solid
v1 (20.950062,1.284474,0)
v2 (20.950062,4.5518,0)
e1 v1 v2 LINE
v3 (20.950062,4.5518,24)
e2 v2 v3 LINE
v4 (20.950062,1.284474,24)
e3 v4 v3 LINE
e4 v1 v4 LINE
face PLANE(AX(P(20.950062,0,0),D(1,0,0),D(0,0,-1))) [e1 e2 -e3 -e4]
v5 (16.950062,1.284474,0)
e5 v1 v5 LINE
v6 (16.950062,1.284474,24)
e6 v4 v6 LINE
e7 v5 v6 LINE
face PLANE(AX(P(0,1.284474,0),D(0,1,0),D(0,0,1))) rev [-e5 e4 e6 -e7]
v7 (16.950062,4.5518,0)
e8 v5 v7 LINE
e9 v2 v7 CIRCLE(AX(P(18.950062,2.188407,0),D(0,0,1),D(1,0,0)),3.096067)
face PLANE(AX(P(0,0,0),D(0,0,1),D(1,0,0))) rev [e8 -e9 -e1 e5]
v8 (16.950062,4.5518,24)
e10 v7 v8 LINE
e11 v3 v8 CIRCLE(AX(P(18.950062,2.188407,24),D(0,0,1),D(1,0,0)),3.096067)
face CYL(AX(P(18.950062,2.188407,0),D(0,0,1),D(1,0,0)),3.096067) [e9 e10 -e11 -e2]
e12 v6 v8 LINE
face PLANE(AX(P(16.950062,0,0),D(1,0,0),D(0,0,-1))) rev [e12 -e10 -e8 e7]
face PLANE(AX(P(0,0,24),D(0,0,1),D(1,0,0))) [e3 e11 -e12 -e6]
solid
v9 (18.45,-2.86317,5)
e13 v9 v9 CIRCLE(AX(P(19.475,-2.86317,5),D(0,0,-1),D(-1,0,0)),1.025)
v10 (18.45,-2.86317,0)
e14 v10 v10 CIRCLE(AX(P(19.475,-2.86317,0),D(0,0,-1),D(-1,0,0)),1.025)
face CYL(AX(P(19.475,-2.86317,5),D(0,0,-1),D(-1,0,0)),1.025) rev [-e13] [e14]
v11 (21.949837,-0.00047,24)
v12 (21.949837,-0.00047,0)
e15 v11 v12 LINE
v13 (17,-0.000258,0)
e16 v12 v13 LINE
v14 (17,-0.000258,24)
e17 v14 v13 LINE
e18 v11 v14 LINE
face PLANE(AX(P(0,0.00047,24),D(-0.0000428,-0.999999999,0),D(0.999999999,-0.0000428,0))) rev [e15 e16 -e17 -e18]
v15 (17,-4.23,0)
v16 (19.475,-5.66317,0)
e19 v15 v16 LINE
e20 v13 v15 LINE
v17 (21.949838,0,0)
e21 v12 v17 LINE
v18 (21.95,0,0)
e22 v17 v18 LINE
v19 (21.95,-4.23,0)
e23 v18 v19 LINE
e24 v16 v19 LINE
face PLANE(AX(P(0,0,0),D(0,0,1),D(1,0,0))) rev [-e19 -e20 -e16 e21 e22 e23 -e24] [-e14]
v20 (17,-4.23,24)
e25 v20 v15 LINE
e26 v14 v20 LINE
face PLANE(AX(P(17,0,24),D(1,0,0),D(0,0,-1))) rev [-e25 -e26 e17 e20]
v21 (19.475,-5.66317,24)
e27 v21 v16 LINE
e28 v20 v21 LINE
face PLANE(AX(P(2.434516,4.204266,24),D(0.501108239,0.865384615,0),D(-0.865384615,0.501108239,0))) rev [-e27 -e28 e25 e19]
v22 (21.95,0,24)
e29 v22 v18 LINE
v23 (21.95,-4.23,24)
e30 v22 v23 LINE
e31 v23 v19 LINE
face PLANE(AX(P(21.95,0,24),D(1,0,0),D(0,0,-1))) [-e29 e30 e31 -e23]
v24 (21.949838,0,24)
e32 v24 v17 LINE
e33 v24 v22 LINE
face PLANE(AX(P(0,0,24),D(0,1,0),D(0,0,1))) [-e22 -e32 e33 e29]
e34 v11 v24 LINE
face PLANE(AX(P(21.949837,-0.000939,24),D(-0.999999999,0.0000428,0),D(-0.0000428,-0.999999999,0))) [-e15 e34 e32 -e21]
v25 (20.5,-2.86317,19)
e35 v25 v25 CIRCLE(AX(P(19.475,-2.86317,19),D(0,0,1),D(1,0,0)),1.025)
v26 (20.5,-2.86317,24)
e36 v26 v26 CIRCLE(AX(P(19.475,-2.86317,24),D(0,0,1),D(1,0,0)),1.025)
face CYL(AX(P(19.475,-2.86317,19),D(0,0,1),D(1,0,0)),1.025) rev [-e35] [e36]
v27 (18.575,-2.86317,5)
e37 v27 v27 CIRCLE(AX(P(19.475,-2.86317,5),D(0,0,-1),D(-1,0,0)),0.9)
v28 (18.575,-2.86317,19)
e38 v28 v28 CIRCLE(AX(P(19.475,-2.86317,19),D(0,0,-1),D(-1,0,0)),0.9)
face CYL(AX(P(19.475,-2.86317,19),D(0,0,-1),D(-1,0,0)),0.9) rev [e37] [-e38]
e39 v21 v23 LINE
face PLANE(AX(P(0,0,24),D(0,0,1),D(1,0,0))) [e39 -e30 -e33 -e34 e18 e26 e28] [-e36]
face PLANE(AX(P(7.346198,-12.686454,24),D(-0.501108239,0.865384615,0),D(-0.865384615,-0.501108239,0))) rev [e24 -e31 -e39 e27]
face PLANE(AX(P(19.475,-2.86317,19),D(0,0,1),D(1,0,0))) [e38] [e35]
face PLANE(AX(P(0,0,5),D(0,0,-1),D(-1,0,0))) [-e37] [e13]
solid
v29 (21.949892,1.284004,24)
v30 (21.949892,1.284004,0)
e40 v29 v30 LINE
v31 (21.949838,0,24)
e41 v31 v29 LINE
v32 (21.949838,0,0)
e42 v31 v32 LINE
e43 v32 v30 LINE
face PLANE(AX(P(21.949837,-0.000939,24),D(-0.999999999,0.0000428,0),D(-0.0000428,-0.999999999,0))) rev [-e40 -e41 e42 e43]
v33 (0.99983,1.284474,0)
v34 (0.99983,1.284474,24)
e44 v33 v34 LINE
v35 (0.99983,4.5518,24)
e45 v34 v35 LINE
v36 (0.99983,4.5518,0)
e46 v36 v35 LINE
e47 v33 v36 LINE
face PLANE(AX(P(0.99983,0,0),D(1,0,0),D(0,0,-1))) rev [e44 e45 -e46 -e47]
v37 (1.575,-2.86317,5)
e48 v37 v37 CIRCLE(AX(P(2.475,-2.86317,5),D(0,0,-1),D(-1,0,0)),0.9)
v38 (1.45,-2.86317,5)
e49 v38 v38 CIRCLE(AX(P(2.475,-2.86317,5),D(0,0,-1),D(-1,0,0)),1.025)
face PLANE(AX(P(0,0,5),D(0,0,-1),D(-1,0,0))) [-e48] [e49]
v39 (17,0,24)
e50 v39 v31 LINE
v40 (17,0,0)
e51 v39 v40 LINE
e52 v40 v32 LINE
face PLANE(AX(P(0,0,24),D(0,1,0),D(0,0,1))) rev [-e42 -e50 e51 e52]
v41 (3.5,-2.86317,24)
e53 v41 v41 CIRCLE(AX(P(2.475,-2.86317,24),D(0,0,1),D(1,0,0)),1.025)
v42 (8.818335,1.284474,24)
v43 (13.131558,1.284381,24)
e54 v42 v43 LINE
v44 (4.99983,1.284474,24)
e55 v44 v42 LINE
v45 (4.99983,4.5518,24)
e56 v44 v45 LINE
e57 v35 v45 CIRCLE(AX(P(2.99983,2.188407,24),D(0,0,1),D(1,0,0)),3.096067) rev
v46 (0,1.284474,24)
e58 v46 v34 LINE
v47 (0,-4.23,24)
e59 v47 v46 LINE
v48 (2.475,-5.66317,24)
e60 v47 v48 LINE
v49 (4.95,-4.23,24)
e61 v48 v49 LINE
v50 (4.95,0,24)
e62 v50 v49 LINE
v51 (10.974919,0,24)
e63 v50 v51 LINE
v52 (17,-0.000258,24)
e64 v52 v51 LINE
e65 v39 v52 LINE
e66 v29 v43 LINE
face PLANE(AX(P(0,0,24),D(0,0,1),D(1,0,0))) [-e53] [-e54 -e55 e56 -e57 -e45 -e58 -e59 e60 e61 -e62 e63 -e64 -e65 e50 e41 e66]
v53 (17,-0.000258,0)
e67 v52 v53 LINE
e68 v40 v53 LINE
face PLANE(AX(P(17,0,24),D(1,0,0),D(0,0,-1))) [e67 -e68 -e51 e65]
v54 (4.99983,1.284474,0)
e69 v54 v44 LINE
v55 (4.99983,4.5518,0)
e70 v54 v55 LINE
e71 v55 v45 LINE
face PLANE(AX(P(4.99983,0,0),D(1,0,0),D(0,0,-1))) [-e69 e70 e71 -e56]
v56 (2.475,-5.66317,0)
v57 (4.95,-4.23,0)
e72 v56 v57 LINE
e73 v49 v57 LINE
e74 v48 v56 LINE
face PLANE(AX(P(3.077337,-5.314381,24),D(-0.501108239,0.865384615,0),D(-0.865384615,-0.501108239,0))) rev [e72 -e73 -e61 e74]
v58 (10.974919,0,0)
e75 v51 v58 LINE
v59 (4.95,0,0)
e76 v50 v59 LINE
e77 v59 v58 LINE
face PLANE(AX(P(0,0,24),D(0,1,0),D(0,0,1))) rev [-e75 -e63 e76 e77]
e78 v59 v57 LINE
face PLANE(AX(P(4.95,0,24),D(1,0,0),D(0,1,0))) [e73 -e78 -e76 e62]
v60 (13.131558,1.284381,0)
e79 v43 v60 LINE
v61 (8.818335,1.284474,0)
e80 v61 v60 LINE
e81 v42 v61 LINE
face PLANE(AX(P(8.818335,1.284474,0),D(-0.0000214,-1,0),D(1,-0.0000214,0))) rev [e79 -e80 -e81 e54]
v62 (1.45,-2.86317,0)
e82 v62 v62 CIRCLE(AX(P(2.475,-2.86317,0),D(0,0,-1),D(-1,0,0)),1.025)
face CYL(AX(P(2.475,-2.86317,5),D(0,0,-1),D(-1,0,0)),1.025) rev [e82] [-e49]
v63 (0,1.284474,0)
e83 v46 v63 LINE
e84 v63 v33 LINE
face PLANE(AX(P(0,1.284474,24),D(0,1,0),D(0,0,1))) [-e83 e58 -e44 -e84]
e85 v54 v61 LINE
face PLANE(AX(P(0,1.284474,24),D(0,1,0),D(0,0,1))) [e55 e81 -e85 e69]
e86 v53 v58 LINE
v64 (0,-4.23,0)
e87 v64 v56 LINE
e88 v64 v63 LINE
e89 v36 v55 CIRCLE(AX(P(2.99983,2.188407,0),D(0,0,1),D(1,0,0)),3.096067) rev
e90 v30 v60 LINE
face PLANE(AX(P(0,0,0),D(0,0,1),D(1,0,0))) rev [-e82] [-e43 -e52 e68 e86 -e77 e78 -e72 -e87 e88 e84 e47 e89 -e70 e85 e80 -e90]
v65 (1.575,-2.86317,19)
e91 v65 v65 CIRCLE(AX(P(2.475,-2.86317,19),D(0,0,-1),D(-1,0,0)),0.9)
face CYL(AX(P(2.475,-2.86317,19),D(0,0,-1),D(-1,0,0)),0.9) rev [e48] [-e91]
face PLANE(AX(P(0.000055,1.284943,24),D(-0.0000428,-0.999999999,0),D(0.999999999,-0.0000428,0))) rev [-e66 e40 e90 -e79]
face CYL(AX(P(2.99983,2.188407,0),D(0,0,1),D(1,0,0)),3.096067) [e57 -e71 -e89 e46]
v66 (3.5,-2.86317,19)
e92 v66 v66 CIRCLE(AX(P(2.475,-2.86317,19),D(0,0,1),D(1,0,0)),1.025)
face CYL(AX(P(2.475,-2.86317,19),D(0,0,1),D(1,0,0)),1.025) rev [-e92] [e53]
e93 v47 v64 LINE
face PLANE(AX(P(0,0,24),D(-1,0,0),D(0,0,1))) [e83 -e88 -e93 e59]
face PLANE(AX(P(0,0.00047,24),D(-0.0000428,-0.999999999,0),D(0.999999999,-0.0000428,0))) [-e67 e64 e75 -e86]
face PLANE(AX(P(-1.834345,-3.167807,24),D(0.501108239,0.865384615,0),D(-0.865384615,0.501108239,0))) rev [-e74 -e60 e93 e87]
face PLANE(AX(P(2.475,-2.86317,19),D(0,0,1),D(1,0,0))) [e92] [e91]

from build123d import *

# Parameters (mm, degrees)
BOSS_EXTRUDE2_DEPTH   = 24
BOSS_EXTRUDE2_2_DEPTH = 24
SKETCH6_R             = 1.025
CUT_EXTRUDE1_DEPTH    = 5
CUT_EXTRUDE2_START    = -5
SKETCH7_R             = 1.025
CUT_EXTRUDE2_DEPTH    = 5
SKETCH8_R             = 0.9
CUT_EXTRUDE3_DEPTH    = 14
CUT_EXTRUDE4_DEPTH    = 24
BOSS_EXTRUDE3_DEPTH   = 24


with BuildPart() as part:
    # Sketch3 → Boss-Extrude2 (new body)
    with BuildSketch(Plane.XY):
        with BuildLine():
            Line((0, 1.284473501), (0, -4.23))
            Line((0, -4.23), (2.475, -5.663169564))
            Line((2.475, -5.663169564), (4.95, -4.23))
            Line((4.95, -4.23), (4.95, 0))
            Line((4.95, 0), (10.974918748, 0))
            Line((10.974918748, 0), (17, -0.000257875))
            Line((17, -0.000257875), (17, 0))
            Line((17, 0), (21.949837505, 0))
            Line((21.949837505, 0), (21.949892461, 1.28400377))
            Line((21.949892461, 1.28400377), (13.928131848, 1.284347104))
            Line((13.928131848, 1.284347104), (13.13155756, 1.284381197))
            Line((13.13155756, 1.284381197), (12.329651428, 1.886055123))
            ThreePointArc((12.329651428, 1.886055123), (12.474649771, 2.499007586), (12.355214929, 3.117449627))
            ThreePointArc((12.355214929, 3.117449627), (10.359172253, 3.897908673), (9.620266793, 1.886113105))
            Line((9.620266793, 1.886113105), (8.81833491, 1.284473501))
            Line((8.81833491, 1.284473501), (0, 1.284473501))
        make_face()
    extrude(amount=BOSS_EXTRUDE2_DEPTH)


with BuildPart() as body_2:
    # Sketch3 → Boss-Extrude2 2 (new body)
    with BuildSketch(Plane.XY):
        Polygon((21.949837485, -0.00046973), (17, -0.000257875), (17, -4.23), (19.475, -5.663169564), (21.95, -4.23), (21.95, 0), (21.949837505, 0), align=None)
    extrude(amount=BOSS_EXTRUDE2_2_DEPTH)


with BuildPart() as cut_extrude1_tool:
    # Sketch6 → Cut-Extrude1 (new body)
    with BuildSketch(Plane.XY.offset(24)):
        with Locations((2.475, -2.863169564)):
            Circle(SKETCH6_R)
        with Locations((19.475, -2.863169564)):
            Circle(SKETCH6_R)
    extrude(amount=-CUT_EXTRUDE1_DEPTH)


with BuildPart() as part_1:
    add(part.part)

    # Cut-Extrude1: cut by cut_extrude1_tool
    add(cut_extrude1_tool.part, mode=Mode.SUBTRACT)


with BuildPart() as body_2_1:
    add(body_2.part)

    # Cut-Extrude1: cut by cut_extrude1_tool
    add(cut_extrude1_tool.part, mode=Mode.SUBTRACT)


with BuildPart() as cut_extrude2_tool:
    # Sketch7 → Cut-Extrude2 (new body)
    with BuildSketch(Plane(origin=(0, 0, 0), x_dir=(-1, 0, 0), z_dir=(0, 0, -1)).offset(CUT_EXTRUDE2_START)):
        with Locations(Location((-19.475, -2.863169564, 0), (0, 0, 180))):
            Circle(SKETCH7_R)
        with Locations(Location((-2.475, -2.863169564, 0), (0, 0, 180))):
            Circle(SKETCH7_R)
    extrude(amount=CUT_EXTRUDE2_DEPTH)


with BuildPart() as part_2:
    add(part_1.part)

    # Cut-Extrude2: cut by cut_extrude2_tool
    add(cut_extrude2_tool.part, mode=Mode.SUBTRACT)


with BuildPart() as body_2_2:
    add(body_2_1.part)

    # Cut-Extrude2: cut by cut_extrude2_tool
    add(cut_extrude2_tool.part, mode=Mode.SUBTRACT)


with BuildPart() as cut_extrude3_tool:
    # Sketch8 → Cut-Extrude3 (new body)
    with BuildSketch(Plane(origin=(0, 0, 5), x_dir=(-1, 0, 0), z_dir=(0, 0, -1))):
        with Locations((-19.475, -2.863169564)):
            Circle(SKETCH8_R)
        with Locations((-2.475, -2.863169564)):
            Circle(SKETCH8_R)
    extrude(amount=-CUT_EXTRUDE3_DEPTH)


with BuildPart() as part_3:
    add(part_2.part)

    # Cut-Extrude3: cut by cut_extrude3_tool
    add(cut_extrude3_tool.part, mode=Mode.SUBTRACT)

    # Sketch9 → Cut-Extrude4 (cut)
    with BuildSketch(Plane.XY.offset(24)):
        Polygon((8.81833491, 1.284473501), (13.13155756, 1.284381197), (13.13155756, 4.431882999), (8.81833491, 4.431882999), align=None)
    extrude(amount=-CUT_EXTRUDE4_DEPTH, mode=Mode.SUBTRACT)

    # Sketch10 → Boss-Extrude3 (add)
    with BuildSketch(Plane.XY.offset(24)):
        with BuildLine():
            Line((0.99983047, 1.284473501), (4.99983047, 1.284473501))
            Line((4.99983047, 1.284473501), (4.99983047, 4.551800372))
            ThreePointArc((4.99983047, 4.551800372), (2.99983047, 5.284473501), (0.99983047, 4.551800372))
            Line((0.99983047, 4.551800372), (0.99983047, 1.284473501))
        make_face()
        with BuildLine():
            Line((20.950061999, 1.284473501), (16.950061999, 1.284473501))
            Line((16.950061999, 1.284473501), (16.950061999, 4.551800372))
            ThreePointArc((16.950061999, 4.551800372), (18.950061999, 5.284473501), (20.950061999, 4.551800372))
            Line((20.950061999, 4.551800372), (20.950061999, 1.284473501))
        make_face()
    extrude(amount=-BOSS_EXTRUDE3_DEPTH)


with BuildPart() as body_2_3:
    add(body_2_2.part)

    # Cut-Extrude3: cut by cut_extrude3_tool
    add(cut_extrude3_tool.part, mode=Mode.SUBTRACT)


with BuildPart() as boss_extrude3_piece_1:
    # of the separate pieces the step leaves, piece 1, a body of its own (boss_extrude3_pieces)
    add(part_3.part.solids().sort_by_distance((8.81833491, 1.284473501, 0))[0])


with BuildPart() as boss_extrude3_piece_2:
    # of the separate pieces the step leaves, piece 2, a body of its own (boss_extrude3_pieces)
    add(part_3.part.solids().sort_by_distance((20.950061999, 1.284473501, 24))[0])


solid = Compound([body_2_3.part, boss_extrude3_piece_1.part, boss_extrude3_piece_2.part])
